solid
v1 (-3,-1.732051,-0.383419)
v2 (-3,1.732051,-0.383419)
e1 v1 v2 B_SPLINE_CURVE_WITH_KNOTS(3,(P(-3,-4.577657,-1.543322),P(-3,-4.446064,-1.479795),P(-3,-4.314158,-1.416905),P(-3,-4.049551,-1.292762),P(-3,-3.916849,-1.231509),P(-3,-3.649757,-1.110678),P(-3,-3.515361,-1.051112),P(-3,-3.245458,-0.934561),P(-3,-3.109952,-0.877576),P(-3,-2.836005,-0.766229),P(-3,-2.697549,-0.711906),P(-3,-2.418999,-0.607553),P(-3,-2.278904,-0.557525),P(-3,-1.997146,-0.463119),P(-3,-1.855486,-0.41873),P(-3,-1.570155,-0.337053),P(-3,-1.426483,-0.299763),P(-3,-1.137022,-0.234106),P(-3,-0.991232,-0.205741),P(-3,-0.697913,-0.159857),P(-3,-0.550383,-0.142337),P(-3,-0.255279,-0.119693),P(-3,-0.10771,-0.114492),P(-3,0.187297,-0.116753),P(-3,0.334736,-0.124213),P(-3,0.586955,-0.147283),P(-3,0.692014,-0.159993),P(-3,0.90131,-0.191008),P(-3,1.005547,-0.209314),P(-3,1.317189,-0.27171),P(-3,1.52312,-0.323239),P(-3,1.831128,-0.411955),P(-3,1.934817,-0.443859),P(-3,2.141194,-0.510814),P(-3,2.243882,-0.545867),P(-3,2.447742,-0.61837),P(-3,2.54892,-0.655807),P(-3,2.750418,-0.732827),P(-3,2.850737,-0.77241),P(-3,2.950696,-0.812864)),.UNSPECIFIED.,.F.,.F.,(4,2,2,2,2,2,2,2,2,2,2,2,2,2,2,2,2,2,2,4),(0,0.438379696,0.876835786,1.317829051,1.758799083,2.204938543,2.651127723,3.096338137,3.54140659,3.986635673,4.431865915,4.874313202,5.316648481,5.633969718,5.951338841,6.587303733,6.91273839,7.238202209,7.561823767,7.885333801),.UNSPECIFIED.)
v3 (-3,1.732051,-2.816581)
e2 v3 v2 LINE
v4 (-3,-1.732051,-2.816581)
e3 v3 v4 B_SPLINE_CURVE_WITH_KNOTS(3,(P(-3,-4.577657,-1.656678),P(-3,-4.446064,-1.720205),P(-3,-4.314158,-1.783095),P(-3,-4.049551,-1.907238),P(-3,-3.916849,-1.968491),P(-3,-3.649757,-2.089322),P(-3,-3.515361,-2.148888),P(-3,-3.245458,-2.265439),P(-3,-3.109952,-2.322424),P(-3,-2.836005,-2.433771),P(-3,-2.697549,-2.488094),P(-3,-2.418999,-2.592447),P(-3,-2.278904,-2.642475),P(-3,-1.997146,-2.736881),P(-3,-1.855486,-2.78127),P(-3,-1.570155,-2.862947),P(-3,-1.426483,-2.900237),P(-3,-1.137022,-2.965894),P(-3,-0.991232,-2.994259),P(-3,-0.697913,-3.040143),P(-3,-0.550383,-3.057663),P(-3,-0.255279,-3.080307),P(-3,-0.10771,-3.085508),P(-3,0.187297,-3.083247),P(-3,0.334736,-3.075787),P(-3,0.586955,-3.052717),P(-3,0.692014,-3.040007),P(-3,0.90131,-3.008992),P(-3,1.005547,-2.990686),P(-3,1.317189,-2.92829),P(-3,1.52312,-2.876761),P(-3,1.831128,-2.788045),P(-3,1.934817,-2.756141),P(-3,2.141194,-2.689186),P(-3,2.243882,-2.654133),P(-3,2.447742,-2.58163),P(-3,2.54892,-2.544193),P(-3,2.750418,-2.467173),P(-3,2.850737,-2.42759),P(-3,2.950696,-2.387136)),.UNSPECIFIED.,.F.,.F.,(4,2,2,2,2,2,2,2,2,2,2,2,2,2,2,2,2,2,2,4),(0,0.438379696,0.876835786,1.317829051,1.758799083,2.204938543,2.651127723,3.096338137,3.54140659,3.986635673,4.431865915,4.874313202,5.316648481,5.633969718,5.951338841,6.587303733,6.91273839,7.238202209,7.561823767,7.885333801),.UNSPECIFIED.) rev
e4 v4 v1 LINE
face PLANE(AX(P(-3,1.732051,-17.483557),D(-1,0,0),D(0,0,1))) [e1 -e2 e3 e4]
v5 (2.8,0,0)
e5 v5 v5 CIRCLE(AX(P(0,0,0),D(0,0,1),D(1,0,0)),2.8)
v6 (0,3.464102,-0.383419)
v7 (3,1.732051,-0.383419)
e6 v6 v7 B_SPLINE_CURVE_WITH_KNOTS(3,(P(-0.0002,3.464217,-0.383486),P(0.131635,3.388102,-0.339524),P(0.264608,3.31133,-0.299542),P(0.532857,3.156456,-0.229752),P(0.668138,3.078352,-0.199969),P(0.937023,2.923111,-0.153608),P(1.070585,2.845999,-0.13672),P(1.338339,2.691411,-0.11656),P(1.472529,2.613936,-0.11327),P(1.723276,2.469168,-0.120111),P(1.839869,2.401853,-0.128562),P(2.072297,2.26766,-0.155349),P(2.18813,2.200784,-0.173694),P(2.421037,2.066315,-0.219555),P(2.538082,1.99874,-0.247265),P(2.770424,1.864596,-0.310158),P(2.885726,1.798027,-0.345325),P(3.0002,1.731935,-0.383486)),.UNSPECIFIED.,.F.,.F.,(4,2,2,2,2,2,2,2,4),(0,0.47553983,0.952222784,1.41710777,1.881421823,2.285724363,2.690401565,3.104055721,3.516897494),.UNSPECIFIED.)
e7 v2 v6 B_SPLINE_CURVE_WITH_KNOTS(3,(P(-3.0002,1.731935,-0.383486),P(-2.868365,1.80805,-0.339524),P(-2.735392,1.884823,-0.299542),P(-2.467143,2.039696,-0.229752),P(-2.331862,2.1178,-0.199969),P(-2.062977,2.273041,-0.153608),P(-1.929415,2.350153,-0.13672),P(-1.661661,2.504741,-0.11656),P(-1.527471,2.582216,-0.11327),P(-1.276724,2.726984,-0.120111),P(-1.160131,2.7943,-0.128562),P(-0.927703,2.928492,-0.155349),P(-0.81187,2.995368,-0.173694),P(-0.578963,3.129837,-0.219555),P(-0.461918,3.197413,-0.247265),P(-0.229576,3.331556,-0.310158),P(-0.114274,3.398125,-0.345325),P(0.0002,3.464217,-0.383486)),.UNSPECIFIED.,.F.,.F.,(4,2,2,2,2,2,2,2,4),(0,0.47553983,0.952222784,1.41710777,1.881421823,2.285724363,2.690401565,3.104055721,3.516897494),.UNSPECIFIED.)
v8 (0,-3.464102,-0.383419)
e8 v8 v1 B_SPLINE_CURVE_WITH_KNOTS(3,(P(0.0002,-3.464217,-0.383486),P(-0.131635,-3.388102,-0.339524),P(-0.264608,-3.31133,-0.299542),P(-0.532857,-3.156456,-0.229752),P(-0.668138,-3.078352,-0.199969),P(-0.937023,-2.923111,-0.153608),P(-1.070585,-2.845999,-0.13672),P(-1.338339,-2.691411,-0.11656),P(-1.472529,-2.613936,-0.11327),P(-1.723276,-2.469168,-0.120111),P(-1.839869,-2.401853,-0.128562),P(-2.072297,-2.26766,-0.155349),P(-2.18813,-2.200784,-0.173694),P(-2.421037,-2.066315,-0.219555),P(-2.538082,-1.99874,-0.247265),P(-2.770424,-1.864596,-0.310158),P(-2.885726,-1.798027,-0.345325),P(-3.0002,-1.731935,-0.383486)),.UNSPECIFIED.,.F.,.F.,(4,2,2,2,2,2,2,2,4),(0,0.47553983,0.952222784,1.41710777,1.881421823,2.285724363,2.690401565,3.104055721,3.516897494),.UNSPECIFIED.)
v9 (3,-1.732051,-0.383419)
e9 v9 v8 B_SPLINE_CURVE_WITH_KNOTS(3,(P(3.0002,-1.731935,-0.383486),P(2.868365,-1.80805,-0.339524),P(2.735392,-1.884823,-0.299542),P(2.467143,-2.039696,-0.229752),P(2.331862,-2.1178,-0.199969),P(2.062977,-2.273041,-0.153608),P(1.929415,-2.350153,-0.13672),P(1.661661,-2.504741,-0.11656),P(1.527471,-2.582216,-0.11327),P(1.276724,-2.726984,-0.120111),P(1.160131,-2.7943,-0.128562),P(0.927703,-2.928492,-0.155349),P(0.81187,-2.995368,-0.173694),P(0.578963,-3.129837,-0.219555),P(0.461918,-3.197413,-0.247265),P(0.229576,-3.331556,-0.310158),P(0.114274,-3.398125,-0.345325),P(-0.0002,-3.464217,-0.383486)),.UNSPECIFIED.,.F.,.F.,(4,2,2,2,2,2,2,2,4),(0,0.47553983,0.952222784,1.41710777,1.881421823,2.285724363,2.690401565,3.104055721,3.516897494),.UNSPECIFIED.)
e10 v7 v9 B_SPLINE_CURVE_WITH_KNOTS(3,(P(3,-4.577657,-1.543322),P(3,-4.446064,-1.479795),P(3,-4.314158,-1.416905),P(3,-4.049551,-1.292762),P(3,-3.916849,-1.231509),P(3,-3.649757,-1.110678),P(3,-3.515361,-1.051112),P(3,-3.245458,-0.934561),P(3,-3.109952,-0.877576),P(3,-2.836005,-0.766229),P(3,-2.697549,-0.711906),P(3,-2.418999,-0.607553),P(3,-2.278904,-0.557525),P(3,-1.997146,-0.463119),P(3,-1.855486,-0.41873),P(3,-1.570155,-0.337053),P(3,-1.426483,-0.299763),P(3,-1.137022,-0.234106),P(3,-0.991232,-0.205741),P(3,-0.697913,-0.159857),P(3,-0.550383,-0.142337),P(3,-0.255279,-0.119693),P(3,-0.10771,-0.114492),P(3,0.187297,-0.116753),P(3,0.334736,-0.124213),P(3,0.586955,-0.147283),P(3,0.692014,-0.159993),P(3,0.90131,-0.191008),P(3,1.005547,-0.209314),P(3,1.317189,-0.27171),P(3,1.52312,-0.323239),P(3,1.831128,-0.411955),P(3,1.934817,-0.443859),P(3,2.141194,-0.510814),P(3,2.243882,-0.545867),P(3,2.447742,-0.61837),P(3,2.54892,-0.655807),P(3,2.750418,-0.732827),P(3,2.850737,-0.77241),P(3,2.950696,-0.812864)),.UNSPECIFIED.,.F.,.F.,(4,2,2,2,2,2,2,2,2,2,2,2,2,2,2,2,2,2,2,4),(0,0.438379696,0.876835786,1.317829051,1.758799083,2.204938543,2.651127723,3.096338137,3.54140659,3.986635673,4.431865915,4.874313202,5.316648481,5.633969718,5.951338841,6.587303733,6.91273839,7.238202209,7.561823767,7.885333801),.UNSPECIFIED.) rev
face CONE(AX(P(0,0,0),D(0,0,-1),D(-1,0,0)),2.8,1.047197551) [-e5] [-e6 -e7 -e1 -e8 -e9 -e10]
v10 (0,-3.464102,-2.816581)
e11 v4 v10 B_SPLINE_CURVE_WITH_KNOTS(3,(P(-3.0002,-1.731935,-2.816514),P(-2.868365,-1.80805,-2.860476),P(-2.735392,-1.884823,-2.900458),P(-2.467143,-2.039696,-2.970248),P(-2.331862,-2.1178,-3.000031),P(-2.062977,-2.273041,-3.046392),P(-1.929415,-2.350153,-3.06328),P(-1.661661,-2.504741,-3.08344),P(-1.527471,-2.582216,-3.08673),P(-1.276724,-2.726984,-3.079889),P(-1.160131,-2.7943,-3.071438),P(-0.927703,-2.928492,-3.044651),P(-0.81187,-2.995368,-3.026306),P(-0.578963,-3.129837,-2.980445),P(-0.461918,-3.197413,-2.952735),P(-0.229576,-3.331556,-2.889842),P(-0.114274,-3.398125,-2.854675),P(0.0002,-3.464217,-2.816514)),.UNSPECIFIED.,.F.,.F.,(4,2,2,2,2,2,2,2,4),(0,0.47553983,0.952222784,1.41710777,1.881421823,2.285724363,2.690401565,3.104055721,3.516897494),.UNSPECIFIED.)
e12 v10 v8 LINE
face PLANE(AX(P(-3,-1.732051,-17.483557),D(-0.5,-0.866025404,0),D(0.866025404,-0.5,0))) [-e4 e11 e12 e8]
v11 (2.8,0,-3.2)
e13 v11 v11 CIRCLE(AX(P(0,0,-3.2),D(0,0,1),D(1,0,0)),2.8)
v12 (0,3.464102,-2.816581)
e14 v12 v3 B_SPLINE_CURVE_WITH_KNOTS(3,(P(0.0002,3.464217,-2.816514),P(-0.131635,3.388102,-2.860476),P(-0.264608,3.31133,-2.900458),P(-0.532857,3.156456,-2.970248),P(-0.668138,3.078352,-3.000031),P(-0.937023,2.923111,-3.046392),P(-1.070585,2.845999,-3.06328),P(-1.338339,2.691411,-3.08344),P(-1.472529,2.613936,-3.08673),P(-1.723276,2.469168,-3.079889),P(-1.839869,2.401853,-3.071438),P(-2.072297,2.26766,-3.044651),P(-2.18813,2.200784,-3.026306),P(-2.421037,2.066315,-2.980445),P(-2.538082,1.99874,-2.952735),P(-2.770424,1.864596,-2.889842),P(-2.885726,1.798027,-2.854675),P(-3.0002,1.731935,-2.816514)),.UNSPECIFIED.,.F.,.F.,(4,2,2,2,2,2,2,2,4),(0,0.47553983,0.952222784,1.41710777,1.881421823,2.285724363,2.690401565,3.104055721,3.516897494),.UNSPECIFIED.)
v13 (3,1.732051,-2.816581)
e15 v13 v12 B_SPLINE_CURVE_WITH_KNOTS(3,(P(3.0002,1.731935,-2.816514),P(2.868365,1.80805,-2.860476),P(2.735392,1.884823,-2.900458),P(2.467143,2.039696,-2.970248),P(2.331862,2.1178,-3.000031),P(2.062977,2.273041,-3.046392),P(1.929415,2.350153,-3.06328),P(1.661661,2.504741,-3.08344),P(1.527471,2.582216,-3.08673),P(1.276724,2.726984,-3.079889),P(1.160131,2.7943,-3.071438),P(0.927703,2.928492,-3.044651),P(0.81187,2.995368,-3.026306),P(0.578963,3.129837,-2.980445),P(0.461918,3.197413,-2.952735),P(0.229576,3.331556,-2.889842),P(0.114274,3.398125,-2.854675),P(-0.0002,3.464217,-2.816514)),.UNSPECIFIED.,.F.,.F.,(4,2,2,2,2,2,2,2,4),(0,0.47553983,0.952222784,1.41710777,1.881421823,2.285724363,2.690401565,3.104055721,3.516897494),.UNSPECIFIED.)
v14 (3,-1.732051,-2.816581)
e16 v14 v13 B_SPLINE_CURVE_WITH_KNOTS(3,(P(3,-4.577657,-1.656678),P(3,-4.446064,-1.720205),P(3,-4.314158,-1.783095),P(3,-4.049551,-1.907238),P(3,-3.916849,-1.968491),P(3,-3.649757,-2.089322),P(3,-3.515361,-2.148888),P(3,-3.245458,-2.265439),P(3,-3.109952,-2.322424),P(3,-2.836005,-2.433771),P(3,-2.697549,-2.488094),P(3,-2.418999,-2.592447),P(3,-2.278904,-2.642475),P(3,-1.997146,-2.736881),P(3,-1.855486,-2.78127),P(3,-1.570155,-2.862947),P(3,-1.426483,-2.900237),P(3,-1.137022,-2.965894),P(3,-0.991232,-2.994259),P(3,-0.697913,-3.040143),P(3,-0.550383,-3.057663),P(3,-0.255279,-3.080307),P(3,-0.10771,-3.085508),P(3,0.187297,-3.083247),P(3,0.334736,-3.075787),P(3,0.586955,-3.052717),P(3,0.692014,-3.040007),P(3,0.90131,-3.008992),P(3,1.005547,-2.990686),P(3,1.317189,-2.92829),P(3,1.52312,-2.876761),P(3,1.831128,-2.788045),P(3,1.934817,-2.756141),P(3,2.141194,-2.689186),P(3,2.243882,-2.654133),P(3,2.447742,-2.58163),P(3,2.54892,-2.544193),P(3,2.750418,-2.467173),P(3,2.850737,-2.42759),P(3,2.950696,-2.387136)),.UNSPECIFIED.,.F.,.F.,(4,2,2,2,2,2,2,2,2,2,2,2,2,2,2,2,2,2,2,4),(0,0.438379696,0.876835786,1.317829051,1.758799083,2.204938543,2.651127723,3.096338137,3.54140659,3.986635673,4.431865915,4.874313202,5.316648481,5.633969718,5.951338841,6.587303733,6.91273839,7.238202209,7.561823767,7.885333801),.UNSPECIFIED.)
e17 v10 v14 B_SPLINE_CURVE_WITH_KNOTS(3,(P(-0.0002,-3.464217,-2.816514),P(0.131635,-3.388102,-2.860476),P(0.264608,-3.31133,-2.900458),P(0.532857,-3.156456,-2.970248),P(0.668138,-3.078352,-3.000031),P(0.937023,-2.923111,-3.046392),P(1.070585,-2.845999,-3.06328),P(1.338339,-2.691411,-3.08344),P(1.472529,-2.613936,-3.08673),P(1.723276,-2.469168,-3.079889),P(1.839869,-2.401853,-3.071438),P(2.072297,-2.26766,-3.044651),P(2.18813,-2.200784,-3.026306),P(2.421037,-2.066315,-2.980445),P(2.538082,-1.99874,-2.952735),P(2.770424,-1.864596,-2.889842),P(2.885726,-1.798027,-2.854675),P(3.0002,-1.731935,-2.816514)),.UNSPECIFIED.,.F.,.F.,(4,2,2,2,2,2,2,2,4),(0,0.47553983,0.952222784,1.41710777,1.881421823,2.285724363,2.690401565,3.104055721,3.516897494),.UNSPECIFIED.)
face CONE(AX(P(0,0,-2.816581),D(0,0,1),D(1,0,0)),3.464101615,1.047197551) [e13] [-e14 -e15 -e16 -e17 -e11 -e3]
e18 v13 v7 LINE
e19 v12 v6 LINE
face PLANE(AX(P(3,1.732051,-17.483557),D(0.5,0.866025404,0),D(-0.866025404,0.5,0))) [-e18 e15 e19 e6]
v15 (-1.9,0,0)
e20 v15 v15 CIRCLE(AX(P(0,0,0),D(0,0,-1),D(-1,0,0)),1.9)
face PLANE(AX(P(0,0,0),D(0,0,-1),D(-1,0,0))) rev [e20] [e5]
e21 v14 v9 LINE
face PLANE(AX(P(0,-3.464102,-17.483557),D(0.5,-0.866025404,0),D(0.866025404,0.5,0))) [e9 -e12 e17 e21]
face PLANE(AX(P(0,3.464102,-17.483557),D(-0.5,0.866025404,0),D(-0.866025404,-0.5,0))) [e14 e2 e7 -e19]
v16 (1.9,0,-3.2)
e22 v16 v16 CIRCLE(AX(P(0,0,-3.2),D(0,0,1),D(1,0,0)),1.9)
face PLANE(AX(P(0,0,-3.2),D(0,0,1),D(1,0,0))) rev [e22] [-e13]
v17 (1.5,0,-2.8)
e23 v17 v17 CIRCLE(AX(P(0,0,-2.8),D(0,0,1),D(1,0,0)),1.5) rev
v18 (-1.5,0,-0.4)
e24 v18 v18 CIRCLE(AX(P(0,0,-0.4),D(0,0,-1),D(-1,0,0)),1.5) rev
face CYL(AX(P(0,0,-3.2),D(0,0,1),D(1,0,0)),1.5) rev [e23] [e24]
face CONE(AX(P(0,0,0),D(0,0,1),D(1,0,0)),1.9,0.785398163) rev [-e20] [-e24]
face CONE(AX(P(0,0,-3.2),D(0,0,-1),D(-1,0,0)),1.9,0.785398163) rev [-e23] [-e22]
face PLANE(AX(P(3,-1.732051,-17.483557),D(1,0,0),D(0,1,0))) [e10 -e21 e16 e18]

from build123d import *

# Parameters (mm, degrees)
SKETCH_1_W               = 5
SKETCH_1_H               = 3.2
SKETCH_2_OUTSIDE_W       = 14.9
SKETCH_2_OUTSIDE_H       = 14.9
CUT_EXTRUDE_1_DEPTH      = 3.2
SKETCH_3_R               = 1.5
CUT_EXTRUDE_2_DEPTH      = 1
CUT_EXTRUDE_2_DEPTH_BACK = 4.2
CHAMFER_1_SIZE           = 0.4


with BuildPart() as part:
    # Эскиз1 → Повернуть1 (revolve)
    with BuildSketch(Plane(origin=(0, 0, 0), x_dir=(1, 0, 0), z_dir=(0, 1, 0))):
        with Locations((-2.5, 1.6)):
            Rectangle(SKETCH_1_W, SKETCH_1_H)
    revolve(axis=Axis((0, 0, 0), (0, 0, -1)))

    # Эскиз2 outside → Вырез-Вытянуть1 (cut)
    with BuildSketch(Plane.XY):
        Rectangle(SKETCH_2_OUTSIDE_W, SKETCH_2_OUTSIDE_H)
        Polygon((3, -1.732050808), (3, 1.732050808), (0, 3.464101615), (-3, 1.732050808), (-3, -1.732050808), (0, -3.464101615), align=None, mode=Mode.SUBTRACT)
    extrude(amount=-CUT_EXTRUDE_1_DEPTH, mode=Mode.SUBTRACT)

    # Эскиз3 → Вырез-Вытянуть2 (cut, two sides)
    with BuildSketch(Plane.XY) as cut_extrude_2_sk:
        Circle(SKETCH_3_R)
    extrude(amount=CUT_EXTRUDE_2_DEPTH, mode=Mode.SUBTRACT)
    extrude(cut_extrude_2_sk.sketch, amount=-CUT_EXTRUDE_2_DEPTH_BACK, mode=Mode.SUBTRACT)

    # Эскиз4 → Вырез-Повернуть1 (revolve, cut)
    with BuildSketch(Plane(origin=(0, 0, 0), x_dir=(0, 0, -1), z_dir=(1, 0, 0))):
        Polygon((0, 2.8), (0.383419246, 3.464101615), (0, 3.464101615), align=None)
        Polygon((3.2, 2.8), (2.816580754, 3.464101615), (3.2, 3.464101615), align=None)
    revolve(axis=Axis((0, 0, 0), (0, 0, -1)), mode=Mode.SUBTRACT)

    # Фаска1
    chamfer_1_edges = [part.edges().sort_by_distance(p)[0] for p in [
        (-1.5, 0, -3.2),
        (-1.5, 0, 0),
    ]]
    chamfer(chamfer_1_edges, length=CHAMFER_1_SIZE)


solid = part.part
